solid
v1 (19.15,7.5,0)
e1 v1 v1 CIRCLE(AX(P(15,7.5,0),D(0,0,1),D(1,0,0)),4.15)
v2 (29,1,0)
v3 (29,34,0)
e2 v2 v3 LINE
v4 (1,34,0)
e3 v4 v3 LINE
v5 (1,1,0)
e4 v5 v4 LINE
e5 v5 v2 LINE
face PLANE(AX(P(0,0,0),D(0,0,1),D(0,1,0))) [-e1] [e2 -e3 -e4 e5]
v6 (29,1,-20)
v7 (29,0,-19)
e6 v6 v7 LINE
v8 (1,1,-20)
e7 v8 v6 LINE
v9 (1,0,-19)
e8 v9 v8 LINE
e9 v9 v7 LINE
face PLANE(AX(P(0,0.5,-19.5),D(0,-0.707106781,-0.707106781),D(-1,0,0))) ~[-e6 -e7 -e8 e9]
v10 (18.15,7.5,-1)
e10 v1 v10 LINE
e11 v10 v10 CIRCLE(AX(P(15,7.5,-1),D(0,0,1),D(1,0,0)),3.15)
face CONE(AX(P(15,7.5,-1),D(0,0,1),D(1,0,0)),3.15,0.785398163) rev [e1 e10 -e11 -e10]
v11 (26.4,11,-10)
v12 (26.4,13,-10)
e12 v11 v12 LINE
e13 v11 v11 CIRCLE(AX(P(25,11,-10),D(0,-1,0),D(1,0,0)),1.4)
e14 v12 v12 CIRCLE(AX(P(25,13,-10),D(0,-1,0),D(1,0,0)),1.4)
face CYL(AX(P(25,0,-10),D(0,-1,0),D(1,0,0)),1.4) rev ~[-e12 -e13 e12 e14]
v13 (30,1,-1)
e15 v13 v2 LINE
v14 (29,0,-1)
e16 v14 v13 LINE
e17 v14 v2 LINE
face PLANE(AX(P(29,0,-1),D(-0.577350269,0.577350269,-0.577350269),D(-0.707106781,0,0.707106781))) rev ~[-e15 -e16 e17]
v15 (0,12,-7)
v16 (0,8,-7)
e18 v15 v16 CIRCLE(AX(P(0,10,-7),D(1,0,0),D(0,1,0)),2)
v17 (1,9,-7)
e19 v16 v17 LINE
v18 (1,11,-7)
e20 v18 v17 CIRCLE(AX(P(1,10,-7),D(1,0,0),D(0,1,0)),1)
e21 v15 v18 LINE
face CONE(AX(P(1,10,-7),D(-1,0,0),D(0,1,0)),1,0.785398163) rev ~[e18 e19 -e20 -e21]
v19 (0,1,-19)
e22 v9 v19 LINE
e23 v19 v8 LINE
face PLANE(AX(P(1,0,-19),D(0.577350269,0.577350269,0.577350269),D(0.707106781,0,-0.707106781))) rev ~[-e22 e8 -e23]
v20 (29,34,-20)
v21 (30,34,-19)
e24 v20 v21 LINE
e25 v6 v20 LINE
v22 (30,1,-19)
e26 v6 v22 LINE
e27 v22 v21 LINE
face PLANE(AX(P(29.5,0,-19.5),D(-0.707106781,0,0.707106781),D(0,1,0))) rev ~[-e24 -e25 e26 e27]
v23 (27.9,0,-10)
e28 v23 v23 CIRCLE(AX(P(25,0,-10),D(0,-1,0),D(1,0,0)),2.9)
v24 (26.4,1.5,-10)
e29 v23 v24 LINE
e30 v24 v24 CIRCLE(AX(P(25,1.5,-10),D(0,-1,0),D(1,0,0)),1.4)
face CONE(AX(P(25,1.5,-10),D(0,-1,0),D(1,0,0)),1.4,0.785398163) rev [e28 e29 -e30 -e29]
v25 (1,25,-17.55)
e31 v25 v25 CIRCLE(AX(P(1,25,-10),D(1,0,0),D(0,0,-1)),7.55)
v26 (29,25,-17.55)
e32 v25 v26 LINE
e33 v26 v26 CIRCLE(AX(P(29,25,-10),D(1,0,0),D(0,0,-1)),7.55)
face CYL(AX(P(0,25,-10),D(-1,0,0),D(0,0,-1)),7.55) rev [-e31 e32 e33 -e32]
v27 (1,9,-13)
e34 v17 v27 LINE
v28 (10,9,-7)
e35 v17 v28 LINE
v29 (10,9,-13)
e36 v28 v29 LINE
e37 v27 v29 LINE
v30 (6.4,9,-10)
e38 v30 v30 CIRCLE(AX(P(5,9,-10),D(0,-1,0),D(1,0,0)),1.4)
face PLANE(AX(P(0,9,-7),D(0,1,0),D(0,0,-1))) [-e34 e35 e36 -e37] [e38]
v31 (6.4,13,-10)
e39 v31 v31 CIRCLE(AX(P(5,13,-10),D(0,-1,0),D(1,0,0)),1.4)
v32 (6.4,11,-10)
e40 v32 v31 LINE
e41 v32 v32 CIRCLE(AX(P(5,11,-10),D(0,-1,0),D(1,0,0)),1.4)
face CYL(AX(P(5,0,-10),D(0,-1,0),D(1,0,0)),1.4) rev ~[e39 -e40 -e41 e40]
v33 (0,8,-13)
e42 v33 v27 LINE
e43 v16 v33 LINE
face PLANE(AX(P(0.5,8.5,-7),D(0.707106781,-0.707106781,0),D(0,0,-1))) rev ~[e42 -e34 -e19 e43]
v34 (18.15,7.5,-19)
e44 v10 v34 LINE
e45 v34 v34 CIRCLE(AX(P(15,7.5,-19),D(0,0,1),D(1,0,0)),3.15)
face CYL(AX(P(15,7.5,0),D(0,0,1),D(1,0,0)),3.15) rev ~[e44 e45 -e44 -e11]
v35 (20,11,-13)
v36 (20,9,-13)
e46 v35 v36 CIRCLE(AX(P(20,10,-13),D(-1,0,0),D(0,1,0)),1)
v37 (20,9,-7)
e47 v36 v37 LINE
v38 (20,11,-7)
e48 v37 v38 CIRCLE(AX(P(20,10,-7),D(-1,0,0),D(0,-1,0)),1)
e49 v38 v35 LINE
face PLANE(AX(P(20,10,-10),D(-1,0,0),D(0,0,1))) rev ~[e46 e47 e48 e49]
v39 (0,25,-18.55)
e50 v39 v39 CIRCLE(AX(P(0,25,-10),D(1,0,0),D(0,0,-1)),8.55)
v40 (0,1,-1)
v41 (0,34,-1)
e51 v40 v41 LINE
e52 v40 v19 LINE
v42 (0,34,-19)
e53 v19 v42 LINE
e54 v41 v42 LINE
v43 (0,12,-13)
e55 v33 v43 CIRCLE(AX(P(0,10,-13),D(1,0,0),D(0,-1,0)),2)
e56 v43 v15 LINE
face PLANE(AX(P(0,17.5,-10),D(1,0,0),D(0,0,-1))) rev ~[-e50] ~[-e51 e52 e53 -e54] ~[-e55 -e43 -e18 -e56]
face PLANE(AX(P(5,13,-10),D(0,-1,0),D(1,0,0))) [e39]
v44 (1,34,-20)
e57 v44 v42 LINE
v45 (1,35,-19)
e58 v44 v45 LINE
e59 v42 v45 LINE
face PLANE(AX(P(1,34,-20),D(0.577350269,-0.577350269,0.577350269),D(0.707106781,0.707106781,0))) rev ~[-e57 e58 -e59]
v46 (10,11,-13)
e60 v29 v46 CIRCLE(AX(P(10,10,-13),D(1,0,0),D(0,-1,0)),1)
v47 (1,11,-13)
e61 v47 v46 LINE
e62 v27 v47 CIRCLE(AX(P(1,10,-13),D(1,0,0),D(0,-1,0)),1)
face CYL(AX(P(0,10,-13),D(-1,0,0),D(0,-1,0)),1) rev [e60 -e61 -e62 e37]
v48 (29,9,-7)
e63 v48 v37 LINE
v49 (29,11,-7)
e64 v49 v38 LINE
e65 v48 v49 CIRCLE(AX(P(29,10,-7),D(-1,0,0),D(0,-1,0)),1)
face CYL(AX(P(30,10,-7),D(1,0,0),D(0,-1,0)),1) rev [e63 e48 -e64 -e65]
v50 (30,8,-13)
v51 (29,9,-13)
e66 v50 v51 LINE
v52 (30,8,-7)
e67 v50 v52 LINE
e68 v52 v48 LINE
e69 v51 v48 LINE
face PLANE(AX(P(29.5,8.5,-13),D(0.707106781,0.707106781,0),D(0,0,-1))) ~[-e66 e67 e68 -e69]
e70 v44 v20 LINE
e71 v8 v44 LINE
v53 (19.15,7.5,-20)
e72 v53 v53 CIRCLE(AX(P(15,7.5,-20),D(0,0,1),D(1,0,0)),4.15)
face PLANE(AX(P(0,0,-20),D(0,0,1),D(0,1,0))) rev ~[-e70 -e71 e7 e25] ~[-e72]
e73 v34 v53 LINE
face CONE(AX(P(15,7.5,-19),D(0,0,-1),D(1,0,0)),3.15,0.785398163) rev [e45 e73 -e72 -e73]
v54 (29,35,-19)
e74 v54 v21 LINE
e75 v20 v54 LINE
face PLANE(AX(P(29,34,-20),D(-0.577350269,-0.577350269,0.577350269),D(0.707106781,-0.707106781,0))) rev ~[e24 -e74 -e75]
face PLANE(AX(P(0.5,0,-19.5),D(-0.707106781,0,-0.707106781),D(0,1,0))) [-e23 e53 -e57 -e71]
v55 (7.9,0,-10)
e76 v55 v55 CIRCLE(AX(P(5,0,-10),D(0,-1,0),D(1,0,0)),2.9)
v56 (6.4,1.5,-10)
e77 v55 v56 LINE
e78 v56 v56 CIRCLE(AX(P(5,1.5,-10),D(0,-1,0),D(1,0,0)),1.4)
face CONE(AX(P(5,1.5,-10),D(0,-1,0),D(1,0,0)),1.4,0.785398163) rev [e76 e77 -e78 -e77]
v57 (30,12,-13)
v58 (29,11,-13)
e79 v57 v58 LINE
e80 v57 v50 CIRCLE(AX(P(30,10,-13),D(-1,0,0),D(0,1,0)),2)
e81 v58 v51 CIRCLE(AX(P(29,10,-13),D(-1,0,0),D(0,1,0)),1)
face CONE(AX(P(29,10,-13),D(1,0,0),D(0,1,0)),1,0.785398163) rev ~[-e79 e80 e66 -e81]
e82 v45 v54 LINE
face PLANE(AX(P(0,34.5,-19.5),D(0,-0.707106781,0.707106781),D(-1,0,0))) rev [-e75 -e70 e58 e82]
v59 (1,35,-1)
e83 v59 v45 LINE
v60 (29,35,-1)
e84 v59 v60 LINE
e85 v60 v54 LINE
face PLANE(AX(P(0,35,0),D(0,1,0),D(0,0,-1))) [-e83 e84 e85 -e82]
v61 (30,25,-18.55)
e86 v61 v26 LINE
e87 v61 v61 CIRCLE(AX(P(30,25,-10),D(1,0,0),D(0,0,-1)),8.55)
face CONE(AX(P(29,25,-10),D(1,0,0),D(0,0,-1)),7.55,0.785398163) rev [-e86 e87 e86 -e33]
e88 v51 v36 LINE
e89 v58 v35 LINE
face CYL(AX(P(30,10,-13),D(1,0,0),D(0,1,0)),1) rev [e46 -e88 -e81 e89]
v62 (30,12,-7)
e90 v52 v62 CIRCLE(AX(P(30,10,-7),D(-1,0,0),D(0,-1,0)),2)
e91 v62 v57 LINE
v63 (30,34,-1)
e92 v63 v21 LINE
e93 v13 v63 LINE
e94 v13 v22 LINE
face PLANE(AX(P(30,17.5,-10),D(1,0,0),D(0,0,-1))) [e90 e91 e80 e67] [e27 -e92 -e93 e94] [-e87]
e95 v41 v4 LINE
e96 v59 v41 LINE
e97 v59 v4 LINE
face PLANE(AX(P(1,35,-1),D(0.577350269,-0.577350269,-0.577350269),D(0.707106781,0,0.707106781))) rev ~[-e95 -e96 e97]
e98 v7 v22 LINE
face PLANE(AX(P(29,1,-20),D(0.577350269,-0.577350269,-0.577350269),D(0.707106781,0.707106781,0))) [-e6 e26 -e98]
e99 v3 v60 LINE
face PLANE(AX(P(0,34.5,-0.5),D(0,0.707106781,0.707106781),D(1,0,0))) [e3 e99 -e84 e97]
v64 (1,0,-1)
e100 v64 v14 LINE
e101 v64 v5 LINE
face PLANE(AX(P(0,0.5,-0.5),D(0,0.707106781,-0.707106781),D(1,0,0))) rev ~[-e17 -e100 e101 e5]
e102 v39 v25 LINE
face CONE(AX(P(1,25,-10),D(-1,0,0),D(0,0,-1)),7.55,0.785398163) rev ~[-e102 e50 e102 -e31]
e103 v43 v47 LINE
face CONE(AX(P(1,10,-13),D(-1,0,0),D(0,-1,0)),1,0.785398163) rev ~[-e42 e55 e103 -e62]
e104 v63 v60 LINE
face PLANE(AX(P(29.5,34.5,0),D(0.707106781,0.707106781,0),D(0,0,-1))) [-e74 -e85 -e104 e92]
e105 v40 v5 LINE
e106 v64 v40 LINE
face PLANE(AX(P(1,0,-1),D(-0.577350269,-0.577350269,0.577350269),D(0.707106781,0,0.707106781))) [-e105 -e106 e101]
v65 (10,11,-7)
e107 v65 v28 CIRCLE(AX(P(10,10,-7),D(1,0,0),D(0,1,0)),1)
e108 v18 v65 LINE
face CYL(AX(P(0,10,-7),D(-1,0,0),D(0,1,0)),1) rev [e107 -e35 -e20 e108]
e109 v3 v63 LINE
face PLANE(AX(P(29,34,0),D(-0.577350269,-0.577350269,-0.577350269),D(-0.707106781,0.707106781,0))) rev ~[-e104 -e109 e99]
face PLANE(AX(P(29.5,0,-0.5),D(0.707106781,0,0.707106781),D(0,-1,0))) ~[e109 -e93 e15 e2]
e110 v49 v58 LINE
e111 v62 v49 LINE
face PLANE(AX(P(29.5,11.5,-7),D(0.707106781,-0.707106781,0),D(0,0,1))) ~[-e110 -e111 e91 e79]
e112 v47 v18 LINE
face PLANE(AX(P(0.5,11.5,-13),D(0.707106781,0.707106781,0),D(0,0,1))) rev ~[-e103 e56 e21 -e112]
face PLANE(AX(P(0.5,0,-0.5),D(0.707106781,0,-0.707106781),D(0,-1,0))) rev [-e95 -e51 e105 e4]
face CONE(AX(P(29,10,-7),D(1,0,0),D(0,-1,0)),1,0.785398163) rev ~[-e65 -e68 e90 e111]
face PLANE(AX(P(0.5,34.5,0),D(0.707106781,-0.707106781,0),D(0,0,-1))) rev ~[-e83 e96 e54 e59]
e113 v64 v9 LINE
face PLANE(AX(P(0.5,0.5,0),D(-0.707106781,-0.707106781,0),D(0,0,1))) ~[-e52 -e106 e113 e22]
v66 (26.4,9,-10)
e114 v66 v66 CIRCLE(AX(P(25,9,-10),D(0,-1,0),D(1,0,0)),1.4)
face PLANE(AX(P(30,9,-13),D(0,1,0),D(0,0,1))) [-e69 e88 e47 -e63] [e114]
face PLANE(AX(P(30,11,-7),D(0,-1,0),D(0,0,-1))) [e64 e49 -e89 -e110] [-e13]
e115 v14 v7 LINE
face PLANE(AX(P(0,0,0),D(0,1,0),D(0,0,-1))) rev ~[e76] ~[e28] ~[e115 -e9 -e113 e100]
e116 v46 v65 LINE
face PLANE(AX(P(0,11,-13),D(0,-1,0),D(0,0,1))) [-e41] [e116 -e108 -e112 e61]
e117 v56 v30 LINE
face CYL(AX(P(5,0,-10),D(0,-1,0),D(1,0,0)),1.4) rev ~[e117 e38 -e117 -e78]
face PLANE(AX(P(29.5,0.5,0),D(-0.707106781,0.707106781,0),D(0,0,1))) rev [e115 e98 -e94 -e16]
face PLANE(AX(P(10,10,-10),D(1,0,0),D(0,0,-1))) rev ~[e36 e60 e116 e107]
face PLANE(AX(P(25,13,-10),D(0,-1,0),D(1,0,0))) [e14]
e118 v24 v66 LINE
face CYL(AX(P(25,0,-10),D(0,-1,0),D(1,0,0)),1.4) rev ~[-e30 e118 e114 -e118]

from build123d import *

# Parameters (mm, degrees)
SKETCH_1_W          = 20
SKETCH_1_H          = 35
SKETCH_1_R          = 7.55
EXTRUDE_1_DEPTH     = 30
CUT_EXTRUDE_1_REACH = 22
SKETCH_2_R          = 3.15
CUT_EXTRUDE_2_DEPTH = 10
CUT_EXTRUDE_3_DEPTH = 10
SKETCH_5_R          = 1.4
CUT_EXTRUDE_4_DEPTH = 13
CHAMFER_1_SIZE      = 1
CHAMFER_2_SIZE      = 1.5


with BuildPart() as part:
    # 草图1 → 凸台-拉伸1 (new body)
    with BuildSketch(Plane(origin=(0, 0, 0), x_dir=(0, 0, -1), z_dir=(1, 0, 0))):
        with Locations((10, 17.5)):
            Rectangle(SKETCH_1_W, SKETCH_1_H)
        with Locations((10, 25)):
            Circle(SKETCH_1_R, mode=Mode.SUBTRACT)
    extrude(amount=EXTRUDE_1_DEPTH)

    # 草图2 → 切除-拉伸1 (cut, up to next)
    with BuildSketch(Plane.XY, mode=Mode.PRIVATE) as cut_extrude_1_sk1:
        with Locations((15, 7.5)):
            Circle(SKETCH_2_R)
    cut_extrude_1_tool1 = extrude(cut_extrude_1_sk1.sketch, amount=-CUT_EXTRUDE_1_REACH, mode=Mode.PRIVATE) & part.part
    add(cut_extrude_1_tool1.solids().sort_by_distance((15, 7.5, 0))[0], mode=Mode.SUBTRACT)

    # 草图3 → 切除-拉伸2 (cut)
    with BuildSketch(Plane(origin=(30, 0, 0), x_dir=(0, 0, -1), z_dir=(1, 0, 0))):
        with BuildLine():
            Line((7, 11), (13, 11))
            ThreePointArc((13, 11), (14, 10), (13, 9))
            Line((13, 9), (7, 9))
            ThreePointArc((7, 9), (6, 10), (7, 11))
        make_face()
    extrude(amount=-CUT_EXTRUDE_2_DEPTH, mode=Mode.SUBTRACT)

    # 草图4 → 切除-拉伸3 (cut)
    with BuildSketch(Plane.ZY):
        with BuildLine():
            Line((-7, 9), (-13, 9))
            ThreePointArc((-13, 9), (-14, 10), (-13, 11))
            Line((-13, 11), (-7, 11))
            ThreePointArc((-7, 11), (-6, 10), (-7, 9))
        make_face()
    extrude(amount=-CUT_EXTRUDE_3_DEPTH, mode=Mode.SUBTRACT)

    # 草图5 → 切除-拉伸4 (cut)
    with BuildSketch(Plane.XZ):
        with Locations((5, -10)):
            Circle(SKETCH_5_R)
        with Locations((25, -10)):
            Circle(SKETCH_5_R)
    extrude(amount=-CUT_EXTRUDE_4_DEPTH, mode=Mode.SUBTRACT)

    # 倒角1
    chamfer_1_edges = [part.edges().sort_by_distance(p)[0] for p in [
        (0, 25, -2.45),
        (30, 25, -2.45),
        (30, 35, -10),
        (30, 17.5, 0),
        (11.85, 7.5, 0),
        (11.85, 7.5, -20),
        (30, 10, -6),
        (30, 9, -10),
        (30, 10, -14),
        (30, 11, -10),
        (0, 10, -6),
        (0, 11, -10),
        (0, 10, -14),
        (0, 9, -10),
        (30, 0, -10),
        (0, 17.5, 0),
        (0, 35, -10),
        (0, 17.5, -20),
        (0, 0, -10),
        (15, 0, 0),
        (15, 35, 0),
        (15, 35, -20),
        (15, 0, -20),
        (30, 17.5, -20),
    ]]
    chamfer(chamfer_1_edges, length=CHAMFER_1_SIZE)

    # 倒角2
    chamfer_2_edges = [part.edges().sort_by_distance(p)[0] for p in [
        (3.6, 0, -10),
        (23.6, 0, -10),
    ]]
    chamfer(chamfer_2_edges, length=CHAMFER_2_SIZE)


solid = part.part
